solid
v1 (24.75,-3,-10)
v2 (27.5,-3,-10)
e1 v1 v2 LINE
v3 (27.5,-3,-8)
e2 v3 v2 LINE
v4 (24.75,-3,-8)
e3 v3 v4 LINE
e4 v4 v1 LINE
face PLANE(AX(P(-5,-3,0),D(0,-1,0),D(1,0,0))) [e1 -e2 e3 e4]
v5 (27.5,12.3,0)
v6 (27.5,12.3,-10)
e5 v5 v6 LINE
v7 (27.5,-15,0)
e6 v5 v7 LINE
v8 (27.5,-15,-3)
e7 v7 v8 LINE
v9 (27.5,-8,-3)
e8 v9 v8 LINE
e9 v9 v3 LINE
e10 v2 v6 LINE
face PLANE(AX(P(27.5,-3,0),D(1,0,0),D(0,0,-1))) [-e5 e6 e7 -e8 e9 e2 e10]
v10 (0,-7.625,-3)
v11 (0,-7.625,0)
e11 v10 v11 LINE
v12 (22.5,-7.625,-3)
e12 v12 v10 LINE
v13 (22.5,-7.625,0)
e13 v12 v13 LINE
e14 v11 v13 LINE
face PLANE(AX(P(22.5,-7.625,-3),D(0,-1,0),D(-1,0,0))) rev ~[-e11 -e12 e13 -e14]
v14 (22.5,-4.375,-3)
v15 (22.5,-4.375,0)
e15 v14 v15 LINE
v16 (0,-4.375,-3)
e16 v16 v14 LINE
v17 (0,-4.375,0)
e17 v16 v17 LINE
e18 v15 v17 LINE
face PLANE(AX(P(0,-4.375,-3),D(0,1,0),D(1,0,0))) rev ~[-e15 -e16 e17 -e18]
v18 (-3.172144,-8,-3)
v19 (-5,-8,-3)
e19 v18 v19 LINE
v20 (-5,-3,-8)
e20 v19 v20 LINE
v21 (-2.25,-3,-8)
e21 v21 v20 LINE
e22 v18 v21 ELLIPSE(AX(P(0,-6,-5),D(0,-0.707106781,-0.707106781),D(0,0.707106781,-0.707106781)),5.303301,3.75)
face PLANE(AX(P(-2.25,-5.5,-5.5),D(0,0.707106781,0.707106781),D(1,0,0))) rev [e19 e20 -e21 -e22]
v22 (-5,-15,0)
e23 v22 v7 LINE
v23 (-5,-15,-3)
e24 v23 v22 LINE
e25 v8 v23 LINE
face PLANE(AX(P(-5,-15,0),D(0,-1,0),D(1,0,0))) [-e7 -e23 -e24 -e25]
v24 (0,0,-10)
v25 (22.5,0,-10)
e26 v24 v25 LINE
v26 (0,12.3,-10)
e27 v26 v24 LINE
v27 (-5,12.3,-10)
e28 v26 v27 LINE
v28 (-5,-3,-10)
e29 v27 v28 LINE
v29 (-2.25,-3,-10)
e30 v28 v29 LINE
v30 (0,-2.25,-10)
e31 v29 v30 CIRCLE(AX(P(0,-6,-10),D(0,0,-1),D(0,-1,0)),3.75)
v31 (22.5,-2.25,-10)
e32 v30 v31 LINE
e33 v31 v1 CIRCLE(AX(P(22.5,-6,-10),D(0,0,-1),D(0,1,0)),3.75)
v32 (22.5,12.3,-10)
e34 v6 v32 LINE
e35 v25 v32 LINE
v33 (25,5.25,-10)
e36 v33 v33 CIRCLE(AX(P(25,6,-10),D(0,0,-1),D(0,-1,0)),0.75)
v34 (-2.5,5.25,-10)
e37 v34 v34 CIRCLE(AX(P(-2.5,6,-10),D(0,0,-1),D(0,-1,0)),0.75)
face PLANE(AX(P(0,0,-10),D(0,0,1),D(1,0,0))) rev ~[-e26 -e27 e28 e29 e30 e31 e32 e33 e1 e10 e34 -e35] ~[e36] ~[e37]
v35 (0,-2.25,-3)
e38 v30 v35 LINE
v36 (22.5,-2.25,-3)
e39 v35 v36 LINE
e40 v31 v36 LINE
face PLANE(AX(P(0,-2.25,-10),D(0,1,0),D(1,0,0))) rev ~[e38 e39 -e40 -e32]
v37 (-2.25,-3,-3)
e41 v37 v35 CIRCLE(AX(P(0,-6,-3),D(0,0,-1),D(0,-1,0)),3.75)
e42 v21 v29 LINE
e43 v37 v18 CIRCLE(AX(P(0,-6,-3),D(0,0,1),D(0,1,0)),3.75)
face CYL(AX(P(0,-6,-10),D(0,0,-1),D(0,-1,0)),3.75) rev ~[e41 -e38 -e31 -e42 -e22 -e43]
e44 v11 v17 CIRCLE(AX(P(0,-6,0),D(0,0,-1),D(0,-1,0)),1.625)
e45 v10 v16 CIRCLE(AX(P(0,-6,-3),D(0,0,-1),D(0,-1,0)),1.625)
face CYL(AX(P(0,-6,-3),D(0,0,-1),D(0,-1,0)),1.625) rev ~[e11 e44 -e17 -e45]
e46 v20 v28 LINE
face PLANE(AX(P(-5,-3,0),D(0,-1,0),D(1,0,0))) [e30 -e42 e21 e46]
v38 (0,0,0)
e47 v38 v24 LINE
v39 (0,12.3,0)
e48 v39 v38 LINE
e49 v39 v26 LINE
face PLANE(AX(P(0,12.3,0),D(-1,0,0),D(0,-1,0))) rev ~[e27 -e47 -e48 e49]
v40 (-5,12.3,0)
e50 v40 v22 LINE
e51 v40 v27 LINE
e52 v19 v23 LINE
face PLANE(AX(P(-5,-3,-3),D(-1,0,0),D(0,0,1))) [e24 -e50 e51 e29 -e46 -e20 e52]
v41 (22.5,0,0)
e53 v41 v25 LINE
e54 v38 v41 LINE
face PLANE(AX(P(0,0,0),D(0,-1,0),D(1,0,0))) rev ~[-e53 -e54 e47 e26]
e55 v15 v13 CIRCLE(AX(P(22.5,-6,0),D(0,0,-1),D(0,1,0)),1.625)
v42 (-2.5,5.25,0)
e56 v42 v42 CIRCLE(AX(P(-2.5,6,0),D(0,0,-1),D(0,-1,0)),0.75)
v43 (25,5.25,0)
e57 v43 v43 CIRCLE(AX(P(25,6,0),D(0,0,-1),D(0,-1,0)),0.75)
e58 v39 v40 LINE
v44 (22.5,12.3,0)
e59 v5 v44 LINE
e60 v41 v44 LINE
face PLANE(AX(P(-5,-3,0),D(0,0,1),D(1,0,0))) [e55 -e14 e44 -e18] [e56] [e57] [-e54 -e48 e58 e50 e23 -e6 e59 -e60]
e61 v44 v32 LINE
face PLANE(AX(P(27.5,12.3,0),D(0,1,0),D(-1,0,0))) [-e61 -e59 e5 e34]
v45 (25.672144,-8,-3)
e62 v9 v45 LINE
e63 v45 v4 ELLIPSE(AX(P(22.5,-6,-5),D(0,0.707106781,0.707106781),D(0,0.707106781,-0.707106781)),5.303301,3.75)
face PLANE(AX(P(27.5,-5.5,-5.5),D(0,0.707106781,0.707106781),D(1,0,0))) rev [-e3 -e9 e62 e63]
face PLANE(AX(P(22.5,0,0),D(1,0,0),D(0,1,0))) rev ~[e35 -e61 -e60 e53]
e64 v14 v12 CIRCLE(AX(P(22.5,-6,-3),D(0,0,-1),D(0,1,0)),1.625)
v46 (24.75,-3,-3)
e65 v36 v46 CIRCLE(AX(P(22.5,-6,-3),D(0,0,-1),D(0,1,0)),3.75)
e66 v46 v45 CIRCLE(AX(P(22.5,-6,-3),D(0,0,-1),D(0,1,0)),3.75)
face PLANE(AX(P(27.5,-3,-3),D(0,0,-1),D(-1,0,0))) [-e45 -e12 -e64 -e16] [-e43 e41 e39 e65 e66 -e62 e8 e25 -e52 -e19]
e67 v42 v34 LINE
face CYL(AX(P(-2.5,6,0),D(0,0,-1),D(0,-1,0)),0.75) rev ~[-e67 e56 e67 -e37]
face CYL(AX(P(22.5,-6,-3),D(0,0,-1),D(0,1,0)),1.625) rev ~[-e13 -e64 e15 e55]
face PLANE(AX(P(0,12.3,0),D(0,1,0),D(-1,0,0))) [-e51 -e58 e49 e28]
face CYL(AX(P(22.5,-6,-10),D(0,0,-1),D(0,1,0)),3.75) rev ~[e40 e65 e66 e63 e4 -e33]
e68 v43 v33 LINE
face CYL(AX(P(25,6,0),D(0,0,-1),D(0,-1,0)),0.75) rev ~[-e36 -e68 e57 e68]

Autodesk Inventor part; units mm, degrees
ref_plane "YZ Plane" through (0, 0, 0) normal (1, 0, 0) x (0, 1, 0)
ref_plane "XZ Plane" through (0, 0, 0) normal (0, 1, 0) x (-1, 0, 0)
ref_plane "XY Plane" through (0, 0, 0) normal (0, 0, 1) x (1, 0, 0)
sketch "스케치1" plane through (0, 0, 0) normal (0, 0, 1) x (1, 0, 0)
  line L0 (0, 0) -> (22.5, 0)
  line L1 (22.5, 0) -> (22.5, 12.3)
  line L2 (0, 12.3) -> (0, 0)
  line L3 (-5, -3) -> (27.5, -3)
  line L4 (27.5, -3) -> (27.5, 12.3)
  line L5 (27.5, 12.3) -> (22.5, 12.3)
  line L6 (-5, 12.3) -> (-5, -3)
  line L7 (0, 12.3) -> (-5, 12.3)
  dimension "d0" = 22.5
  dimension "d1" = 12.3
  dimension "d2" = 32.5
extrude "돌출1" add sketch "스케치1" against normal blind 10
hole "구멍1" at (25, 6, 0) direction (0, 0, -1) diameter 1.5 depth 10 tip angle 118
hole "구멍2" at (-2.5, 6, 0) direction (0, 0, -1) diameter 1.5 depth 10 tip angle 118
sketch "스케치3" plane through (-5, -3, 0) normal (0, -1, 0) x (1, 0, 0)
  line L0 (32.5, 0) -> (32.5, -10) projected
  line L1 (0, 0) -> (32.5, 0)
  line L2 (32.5, 0) -> (32.5, -3)
  line L3 (32.5, -3) -> (0, -3)
  line L4 (0, -3) -> (0, 0)
  point P0 (5, 0)
  point P1 (32.5, -13)
  dimension "d34" = 3
extrude "돌출3" add sketch "스케치3" along normal blind 12
sketch "스케치4" plane through (27.5, -3, -3) normal (0, 0, -1) x (-1, 0, 0)
  line L0 (27.5, -3) -> (5, -3) construction
  line L1 (27.5, -1.375) -> (5, -1.375)
  line L2 (5, -4.625) -> (27.5, -4.625)
  arc A0 (27.5, -4.625) -> (27.5, -1.375) centre (27.5, -3) ccw
  arc A1 (5, -1.375) -> (5, -4.625) centre (5, -3) ccw
  point P0 (27.5, 3)
  point P1 (16.25, -3)
  dimension "d38" = 22.5
  dimension "d39" = 3.25
extrude "돌출4" cut sketch "스케치4" against normal through all
sketch "스케치5" plane through (0, 0, -10) normal (0, 0, -1) x (-1, 0, 0)
  arc A0 (-22.5, -4.375) -> (-22.5, -7.625) centre (-22.5, -6) ccw projected
  line L0 (-22.5, -4.375) -> (0, -4.375) projected
  line L1 (0, -7.625) -> (-22.5, -7.625) projected
  arc A1 (0, -7.625) -> (0, -4.375) centre (0, -6) ccw projected
  line L2 (-22.5, -6) -> (0, -6) construction
  line L3 (-22.5, -9.75) -> (0, -9.75)
  line L4 (0, -2.25) -> (-22.5, -2.25)
  arc A2 (-22.5, -2.25) -> (-22.5, -9.75) centre (-22.5, -6) ccw
  arc A3 (0, -9.75) -> (0, -2.25) centre (0, -6) ccw
  point P0 (0, 0)
  point P1 (-11.25, -6)
  dimension "d40" = 7.5
extrude "돌출5" cut sketch "스케치5" against normal up to surface (7 mm away) contours L0 A1 L1 A0 | A2 L4 A3 L3
chamfer "모따기1" distance 5 angle 45 2 edges at (-3.625, -3, -3) (26.125, -3, -3)
properties part number "servolock1"
